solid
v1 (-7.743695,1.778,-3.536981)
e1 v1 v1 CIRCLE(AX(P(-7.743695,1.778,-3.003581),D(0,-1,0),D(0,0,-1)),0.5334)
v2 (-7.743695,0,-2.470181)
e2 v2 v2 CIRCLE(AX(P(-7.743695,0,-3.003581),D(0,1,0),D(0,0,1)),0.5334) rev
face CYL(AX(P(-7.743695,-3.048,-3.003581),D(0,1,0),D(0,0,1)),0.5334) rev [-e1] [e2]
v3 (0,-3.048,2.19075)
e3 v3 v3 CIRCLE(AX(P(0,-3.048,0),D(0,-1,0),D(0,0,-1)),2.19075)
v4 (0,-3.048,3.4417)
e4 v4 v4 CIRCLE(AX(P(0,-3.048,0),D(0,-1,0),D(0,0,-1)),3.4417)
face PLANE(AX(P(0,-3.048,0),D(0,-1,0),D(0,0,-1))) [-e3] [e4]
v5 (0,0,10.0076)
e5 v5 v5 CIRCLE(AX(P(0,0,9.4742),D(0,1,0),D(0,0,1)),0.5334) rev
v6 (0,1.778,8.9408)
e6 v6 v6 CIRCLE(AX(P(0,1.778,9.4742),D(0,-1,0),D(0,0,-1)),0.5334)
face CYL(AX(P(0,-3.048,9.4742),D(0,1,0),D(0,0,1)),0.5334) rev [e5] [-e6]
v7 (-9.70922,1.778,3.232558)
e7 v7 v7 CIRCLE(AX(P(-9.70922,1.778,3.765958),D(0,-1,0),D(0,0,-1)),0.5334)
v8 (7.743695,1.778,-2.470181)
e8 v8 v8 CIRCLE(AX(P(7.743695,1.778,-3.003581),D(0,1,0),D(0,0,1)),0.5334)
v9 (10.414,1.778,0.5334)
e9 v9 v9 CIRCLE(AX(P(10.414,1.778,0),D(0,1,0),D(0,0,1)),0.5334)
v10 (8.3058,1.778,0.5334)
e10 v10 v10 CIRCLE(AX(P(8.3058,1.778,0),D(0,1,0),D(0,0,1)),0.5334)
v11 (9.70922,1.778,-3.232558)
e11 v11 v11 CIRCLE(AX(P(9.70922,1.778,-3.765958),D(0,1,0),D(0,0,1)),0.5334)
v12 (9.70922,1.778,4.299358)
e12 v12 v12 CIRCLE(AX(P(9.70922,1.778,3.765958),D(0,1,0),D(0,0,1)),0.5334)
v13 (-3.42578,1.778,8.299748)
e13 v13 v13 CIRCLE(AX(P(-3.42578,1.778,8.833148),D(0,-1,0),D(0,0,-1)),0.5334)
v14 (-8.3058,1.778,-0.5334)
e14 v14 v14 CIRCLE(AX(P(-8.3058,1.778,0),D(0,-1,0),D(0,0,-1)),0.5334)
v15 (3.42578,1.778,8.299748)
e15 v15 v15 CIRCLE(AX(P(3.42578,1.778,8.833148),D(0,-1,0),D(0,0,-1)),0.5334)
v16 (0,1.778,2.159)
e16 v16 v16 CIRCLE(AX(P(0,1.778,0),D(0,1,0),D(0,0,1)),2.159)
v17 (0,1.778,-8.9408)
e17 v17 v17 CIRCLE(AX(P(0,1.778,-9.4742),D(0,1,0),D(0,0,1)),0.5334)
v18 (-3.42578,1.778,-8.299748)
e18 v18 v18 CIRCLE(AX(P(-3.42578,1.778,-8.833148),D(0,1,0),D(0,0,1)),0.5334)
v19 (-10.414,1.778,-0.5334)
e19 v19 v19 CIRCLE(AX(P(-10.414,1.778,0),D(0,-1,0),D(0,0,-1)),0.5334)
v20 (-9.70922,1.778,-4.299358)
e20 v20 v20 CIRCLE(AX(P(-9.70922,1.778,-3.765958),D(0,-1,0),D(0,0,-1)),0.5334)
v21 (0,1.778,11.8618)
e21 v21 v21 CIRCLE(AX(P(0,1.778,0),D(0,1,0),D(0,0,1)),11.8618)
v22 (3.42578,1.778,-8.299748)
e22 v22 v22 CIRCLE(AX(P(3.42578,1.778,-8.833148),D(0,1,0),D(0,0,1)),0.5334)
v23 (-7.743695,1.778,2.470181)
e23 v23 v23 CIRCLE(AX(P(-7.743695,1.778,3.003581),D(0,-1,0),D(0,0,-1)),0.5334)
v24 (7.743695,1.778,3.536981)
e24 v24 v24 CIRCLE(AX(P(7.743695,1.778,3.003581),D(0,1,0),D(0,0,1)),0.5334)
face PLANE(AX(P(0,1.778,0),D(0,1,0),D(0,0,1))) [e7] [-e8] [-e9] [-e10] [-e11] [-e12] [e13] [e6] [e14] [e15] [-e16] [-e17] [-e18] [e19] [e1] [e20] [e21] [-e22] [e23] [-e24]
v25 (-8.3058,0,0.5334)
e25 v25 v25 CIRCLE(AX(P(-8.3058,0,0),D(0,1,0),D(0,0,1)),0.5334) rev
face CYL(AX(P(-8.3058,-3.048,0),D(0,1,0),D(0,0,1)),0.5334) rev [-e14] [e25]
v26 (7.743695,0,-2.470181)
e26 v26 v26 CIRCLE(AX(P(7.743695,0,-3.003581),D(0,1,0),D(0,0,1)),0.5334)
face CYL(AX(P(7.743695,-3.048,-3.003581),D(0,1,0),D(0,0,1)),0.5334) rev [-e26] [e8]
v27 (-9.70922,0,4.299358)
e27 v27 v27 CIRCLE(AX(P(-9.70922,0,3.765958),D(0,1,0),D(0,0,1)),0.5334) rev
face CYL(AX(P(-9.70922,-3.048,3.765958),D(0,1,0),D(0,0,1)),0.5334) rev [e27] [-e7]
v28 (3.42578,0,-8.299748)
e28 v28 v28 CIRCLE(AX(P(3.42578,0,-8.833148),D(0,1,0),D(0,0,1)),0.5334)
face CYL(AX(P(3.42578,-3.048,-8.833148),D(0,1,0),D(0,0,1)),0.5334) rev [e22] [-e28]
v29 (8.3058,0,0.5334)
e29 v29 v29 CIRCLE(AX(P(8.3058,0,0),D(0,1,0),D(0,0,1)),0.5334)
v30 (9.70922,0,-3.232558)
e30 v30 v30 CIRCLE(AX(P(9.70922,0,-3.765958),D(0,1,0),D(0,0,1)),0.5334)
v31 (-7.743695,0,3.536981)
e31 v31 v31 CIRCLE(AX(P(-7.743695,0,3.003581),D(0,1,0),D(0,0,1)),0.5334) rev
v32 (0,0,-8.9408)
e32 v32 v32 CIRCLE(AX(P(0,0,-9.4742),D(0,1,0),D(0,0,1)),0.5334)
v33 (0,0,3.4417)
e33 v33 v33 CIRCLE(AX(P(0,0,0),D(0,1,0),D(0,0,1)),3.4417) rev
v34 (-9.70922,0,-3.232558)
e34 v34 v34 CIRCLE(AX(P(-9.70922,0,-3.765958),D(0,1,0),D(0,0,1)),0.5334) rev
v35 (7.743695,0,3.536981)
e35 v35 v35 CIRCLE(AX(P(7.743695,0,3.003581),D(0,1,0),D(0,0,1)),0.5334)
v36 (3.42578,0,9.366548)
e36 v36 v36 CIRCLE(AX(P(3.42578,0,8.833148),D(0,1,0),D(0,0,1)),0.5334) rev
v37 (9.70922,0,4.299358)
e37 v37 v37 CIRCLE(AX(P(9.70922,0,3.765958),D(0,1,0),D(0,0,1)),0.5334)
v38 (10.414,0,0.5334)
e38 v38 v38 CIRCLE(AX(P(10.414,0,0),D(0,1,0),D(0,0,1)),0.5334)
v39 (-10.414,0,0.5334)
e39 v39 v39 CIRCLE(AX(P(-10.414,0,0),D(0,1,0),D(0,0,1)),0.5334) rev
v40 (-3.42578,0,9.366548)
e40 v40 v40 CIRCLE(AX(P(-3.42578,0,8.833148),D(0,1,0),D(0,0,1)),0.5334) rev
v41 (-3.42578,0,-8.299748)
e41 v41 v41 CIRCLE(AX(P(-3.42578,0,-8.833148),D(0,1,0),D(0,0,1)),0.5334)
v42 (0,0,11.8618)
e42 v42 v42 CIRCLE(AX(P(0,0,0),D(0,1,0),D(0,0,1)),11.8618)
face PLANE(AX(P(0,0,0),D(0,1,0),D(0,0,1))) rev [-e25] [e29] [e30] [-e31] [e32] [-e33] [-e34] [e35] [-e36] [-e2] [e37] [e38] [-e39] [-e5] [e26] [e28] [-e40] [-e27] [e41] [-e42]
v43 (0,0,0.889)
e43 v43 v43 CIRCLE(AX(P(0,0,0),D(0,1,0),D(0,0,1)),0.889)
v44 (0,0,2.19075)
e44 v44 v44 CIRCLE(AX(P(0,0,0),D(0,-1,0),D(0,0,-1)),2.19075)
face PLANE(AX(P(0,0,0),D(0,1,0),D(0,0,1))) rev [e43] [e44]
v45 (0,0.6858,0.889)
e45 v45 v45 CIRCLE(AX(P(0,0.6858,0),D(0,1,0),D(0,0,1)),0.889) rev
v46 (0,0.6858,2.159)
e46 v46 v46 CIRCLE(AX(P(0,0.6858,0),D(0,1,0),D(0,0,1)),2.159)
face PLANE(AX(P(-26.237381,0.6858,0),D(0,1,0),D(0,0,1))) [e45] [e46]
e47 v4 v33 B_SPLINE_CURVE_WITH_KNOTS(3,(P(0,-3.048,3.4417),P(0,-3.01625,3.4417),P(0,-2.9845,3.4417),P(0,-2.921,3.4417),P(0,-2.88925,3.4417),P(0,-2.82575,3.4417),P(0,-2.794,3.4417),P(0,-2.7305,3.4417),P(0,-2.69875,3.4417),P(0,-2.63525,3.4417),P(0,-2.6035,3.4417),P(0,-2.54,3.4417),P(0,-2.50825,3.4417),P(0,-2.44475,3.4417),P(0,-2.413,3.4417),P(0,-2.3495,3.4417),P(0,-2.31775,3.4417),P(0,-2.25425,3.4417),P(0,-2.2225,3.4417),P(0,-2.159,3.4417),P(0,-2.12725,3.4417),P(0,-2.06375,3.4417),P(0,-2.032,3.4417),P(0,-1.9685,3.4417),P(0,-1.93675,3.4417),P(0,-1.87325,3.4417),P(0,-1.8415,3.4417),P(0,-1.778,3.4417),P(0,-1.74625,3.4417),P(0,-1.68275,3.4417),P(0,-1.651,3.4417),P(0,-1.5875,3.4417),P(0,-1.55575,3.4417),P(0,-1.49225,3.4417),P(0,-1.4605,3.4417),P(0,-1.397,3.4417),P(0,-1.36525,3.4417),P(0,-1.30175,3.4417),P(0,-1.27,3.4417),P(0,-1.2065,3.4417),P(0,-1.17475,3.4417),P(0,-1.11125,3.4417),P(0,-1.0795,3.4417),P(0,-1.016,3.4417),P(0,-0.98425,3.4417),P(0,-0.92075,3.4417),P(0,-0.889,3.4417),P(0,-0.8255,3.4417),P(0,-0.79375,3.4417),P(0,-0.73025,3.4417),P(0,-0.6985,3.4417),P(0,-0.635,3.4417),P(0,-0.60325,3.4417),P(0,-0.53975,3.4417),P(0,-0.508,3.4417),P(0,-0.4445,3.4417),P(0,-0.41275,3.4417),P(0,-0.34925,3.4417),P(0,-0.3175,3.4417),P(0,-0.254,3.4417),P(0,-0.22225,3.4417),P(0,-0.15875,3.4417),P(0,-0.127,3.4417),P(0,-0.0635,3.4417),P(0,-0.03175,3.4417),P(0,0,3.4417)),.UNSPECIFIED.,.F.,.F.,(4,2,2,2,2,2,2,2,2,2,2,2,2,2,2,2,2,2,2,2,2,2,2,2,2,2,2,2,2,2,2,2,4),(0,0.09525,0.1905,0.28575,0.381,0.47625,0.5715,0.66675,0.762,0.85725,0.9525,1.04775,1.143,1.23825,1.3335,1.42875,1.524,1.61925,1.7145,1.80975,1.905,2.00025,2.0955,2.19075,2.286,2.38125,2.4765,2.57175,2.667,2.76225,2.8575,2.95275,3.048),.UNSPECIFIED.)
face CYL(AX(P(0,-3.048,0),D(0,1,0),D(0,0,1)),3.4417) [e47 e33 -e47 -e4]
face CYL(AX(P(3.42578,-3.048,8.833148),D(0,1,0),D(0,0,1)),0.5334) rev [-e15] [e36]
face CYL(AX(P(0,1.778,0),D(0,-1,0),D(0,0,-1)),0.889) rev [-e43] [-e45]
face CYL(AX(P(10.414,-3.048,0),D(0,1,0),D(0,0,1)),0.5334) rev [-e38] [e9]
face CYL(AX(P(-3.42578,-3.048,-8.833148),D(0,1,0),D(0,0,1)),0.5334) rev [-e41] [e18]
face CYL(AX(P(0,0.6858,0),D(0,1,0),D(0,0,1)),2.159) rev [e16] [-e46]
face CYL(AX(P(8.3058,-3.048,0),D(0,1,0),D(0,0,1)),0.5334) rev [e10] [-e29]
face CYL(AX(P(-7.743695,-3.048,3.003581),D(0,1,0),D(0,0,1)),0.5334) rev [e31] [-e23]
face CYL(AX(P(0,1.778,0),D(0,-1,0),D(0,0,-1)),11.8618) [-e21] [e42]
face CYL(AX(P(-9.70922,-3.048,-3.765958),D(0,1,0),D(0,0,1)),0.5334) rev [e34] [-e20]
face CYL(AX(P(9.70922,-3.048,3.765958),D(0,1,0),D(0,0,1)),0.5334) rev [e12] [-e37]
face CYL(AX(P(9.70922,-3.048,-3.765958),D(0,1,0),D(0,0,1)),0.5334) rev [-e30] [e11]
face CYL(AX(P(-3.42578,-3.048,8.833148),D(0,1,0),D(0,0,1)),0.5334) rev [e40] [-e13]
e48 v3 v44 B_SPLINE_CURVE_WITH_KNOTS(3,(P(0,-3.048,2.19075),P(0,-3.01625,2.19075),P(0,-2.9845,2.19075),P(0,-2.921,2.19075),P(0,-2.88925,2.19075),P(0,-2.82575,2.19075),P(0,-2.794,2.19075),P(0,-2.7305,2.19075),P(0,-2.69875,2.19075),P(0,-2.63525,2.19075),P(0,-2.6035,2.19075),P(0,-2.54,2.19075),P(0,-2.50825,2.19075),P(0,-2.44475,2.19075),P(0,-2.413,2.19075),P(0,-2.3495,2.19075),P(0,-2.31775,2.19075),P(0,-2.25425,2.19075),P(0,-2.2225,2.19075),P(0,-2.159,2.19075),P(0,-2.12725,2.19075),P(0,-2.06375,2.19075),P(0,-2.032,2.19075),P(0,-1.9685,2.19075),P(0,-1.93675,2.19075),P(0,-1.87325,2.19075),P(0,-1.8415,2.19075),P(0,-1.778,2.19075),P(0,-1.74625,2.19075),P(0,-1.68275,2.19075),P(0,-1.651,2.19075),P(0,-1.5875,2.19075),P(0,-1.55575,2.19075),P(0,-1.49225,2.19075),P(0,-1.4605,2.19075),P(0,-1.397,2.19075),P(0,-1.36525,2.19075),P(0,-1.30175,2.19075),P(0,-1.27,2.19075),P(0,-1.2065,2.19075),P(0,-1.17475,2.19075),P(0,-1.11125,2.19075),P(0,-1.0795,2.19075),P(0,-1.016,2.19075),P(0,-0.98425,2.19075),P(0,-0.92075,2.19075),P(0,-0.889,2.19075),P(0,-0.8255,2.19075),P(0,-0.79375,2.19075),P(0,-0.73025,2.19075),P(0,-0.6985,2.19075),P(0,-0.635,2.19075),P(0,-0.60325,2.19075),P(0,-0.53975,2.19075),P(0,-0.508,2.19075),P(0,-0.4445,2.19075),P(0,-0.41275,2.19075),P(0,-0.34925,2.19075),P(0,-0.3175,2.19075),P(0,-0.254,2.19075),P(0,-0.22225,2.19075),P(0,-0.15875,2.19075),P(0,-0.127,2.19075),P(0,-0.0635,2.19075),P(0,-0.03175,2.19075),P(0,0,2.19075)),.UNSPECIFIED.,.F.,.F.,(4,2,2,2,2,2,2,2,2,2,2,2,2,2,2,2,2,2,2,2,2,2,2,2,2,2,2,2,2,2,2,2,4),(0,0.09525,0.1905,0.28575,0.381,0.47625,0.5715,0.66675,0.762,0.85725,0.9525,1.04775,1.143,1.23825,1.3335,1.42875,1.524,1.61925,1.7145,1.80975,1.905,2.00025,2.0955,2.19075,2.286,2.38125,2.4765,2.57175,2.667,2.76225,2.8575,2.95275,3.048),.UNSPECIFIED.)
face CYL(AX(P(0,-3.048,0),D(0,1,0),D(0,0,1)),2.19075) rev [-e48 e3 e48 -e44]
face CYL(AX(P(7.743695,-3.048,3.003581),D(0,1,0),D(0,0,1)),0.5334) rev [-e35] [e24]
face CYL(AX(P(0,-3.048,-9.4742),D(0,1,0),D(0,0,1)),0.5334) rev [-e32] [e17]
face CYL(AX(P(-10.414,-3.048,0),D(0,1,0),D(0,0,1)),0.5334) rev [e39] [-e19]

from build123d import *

# Parameters (mm, degrees)
SKETCH1_R           = 11.8618
SKETCH1_R_2         = 0.889
BOSS_EXTRUDE1_DEPTH = 1.778
SKETCH2_R           = 3.4417
SKETCH2_R_2         = 2.19075
BOSS_EXTRUDE2_DEPTH = 3.048
CUT_EXTRUDE1_START  = -1.0922
SKETCH3_R           = 2.159
SKETCH3_R_2         = 0.889
CUT_EXTRUDE1_DEPTH  = 1.0922
SKETCH4_R           = 0.5334
CUT_EXTRUDE2_DEPTH  = 18.455511292


with BuildPart() as part:
    # Sketch1 → Boss-Extrude1 (new body)
    with BuildSketch(Plane(origin=(0, 0, 0), x_dir=(1, 0, 0), z_dir=(0, 1, 0))):
        with Locations(Location((0, 0, 0), (0, 0, 270))):
            Circle(SKETCH1_R)
        with Locations(Location((0, 0, 0), (0, 0, 270))):
            Circle(SKETCH1_R_2, mode=Mode.SUBTRACT)
    extrude(amount=BOSS_EXTRUDE1_DEPTH)

    # Sketch2 → Boss-Extrude2 (add)
    with BuildSketch(Plane.XZ):
        with Locations(Location((0, 0, 0), (0, 0, 90))):
            Circle(SKETCH2_R)
        with Locations(Location((0, 0, 0), (0, 0, 90))):
            Circle(SKETCH2_R_2, mode=Mode.SUBTRACT)
    extrude(amount=BOSS_EXTRUDE2_DEPTH)

    # Sketch3 → Cut-Extrude1 (cut)
    with BuildSketch(Plane(origin=(0, 1.778, 0), x_dir=(1, 0, 0), z_dir=(0, 1, 0)).offset(CUT_EXTRUDE1_START)):
        with Locations(Location((0, 0, 0), (0, 0, 270))):
            Circle(SKETCH3_R)
        with Locations(Location((0, 0, 0), (0, 0, 270))):
            Circle(SKETCH3_R_2, mode=Mode.SUBTRACT)
    extrude(amount=CUT_EXTRUDE1_DEPTH, mode=Mode.SUBTRACT)

    # Sketch4 → Cut-Extrude2 (cut, through all)
    with BuildSketch(Plane(origin=(0, 1.778, 0), x_dir=(1, 0, 0), z_dir=(0, 1, 0))):
        with Locations(Location((0, 9.4742, 0), (0, 0, 270))):
            Circle(SKETCH4_R)
        with Locations(Location((10.414, 0, 0), (0, 0, 270))):
            Circle(SKETCH4_R)
        with Locations(Location((8.3058, 0, 0), (0, 0, 270))):
            Circle(SKETCH4_R)
        with Locations(Location((3.425780113, 8.833147585, 0), (0, 0, 270))):
            Circle(SKETCH4_R)
        with Locations(Location((-3.425780113, 8.833147585, 0), (0, 0, 270))):
            Circle(SKETCH4_R)
        with Locations(Location((7.743695028, 3.003581354, 0), (0, 0, 270))):
            Circle(SKETCH4_R)
        with Locations(Location((9.709220066, 3.765958273, 0), (0, 0, 270))):
            Circle(SKETCH4_R)
        with Locations(Location((7.743695028, -3.003581354, 0), (0, 0, 270))):
            Circle(SKETCH4_R)
        with Locations(Location((9.709220066, -3.765958273, 0), (0, 0, 270))):
            Circle(SKETCH4_R)
        with Locations(Location((3.425780113, -8.833147585, 0), (0, 0, 270))):
            Circle(SKETCH4_R)
        with Locations(Location((0, -9.4742, 0), (0, 0, 270))):
            Circle(SKETCH4_R)
        with Locations(Location((-3.425780113, -8.833147585, 0), (0, 0, 270))):
            Circle(SKETCH4_R)
        with Locations(Location((-9.709220066, -3.765958273, 0), (0, 0, 270))):
            Circle(SKETCH4_R)
        with Locations(Location((-7.743695028, -3.003581354, 0), (0, 0, 270))):
            Circle(SKETCH4_R)
        with Locations(Location((-9.709220066, 3.765958273, 0), (0, 0, 270))):
            Circle(SKETCH4_R)
        with Locations(Location((-7.743695028, 3.003581354, 0), (0, 0, 270))):
            Circle(SKETCH4_R)
        with Locations(Location((-8.3058, 0, 0), (0, 0, 270))):
            Circle(SKETCH4_R)
        with Locations(Location((-10.414, 0, 0), (0, 0, 270))):
            Circle(SKETCH4_R)
    extrude(amount=-CUT_EXTRUDE2_DEPTH, mode=Mode.SUBTRACT)


solid = part.part
